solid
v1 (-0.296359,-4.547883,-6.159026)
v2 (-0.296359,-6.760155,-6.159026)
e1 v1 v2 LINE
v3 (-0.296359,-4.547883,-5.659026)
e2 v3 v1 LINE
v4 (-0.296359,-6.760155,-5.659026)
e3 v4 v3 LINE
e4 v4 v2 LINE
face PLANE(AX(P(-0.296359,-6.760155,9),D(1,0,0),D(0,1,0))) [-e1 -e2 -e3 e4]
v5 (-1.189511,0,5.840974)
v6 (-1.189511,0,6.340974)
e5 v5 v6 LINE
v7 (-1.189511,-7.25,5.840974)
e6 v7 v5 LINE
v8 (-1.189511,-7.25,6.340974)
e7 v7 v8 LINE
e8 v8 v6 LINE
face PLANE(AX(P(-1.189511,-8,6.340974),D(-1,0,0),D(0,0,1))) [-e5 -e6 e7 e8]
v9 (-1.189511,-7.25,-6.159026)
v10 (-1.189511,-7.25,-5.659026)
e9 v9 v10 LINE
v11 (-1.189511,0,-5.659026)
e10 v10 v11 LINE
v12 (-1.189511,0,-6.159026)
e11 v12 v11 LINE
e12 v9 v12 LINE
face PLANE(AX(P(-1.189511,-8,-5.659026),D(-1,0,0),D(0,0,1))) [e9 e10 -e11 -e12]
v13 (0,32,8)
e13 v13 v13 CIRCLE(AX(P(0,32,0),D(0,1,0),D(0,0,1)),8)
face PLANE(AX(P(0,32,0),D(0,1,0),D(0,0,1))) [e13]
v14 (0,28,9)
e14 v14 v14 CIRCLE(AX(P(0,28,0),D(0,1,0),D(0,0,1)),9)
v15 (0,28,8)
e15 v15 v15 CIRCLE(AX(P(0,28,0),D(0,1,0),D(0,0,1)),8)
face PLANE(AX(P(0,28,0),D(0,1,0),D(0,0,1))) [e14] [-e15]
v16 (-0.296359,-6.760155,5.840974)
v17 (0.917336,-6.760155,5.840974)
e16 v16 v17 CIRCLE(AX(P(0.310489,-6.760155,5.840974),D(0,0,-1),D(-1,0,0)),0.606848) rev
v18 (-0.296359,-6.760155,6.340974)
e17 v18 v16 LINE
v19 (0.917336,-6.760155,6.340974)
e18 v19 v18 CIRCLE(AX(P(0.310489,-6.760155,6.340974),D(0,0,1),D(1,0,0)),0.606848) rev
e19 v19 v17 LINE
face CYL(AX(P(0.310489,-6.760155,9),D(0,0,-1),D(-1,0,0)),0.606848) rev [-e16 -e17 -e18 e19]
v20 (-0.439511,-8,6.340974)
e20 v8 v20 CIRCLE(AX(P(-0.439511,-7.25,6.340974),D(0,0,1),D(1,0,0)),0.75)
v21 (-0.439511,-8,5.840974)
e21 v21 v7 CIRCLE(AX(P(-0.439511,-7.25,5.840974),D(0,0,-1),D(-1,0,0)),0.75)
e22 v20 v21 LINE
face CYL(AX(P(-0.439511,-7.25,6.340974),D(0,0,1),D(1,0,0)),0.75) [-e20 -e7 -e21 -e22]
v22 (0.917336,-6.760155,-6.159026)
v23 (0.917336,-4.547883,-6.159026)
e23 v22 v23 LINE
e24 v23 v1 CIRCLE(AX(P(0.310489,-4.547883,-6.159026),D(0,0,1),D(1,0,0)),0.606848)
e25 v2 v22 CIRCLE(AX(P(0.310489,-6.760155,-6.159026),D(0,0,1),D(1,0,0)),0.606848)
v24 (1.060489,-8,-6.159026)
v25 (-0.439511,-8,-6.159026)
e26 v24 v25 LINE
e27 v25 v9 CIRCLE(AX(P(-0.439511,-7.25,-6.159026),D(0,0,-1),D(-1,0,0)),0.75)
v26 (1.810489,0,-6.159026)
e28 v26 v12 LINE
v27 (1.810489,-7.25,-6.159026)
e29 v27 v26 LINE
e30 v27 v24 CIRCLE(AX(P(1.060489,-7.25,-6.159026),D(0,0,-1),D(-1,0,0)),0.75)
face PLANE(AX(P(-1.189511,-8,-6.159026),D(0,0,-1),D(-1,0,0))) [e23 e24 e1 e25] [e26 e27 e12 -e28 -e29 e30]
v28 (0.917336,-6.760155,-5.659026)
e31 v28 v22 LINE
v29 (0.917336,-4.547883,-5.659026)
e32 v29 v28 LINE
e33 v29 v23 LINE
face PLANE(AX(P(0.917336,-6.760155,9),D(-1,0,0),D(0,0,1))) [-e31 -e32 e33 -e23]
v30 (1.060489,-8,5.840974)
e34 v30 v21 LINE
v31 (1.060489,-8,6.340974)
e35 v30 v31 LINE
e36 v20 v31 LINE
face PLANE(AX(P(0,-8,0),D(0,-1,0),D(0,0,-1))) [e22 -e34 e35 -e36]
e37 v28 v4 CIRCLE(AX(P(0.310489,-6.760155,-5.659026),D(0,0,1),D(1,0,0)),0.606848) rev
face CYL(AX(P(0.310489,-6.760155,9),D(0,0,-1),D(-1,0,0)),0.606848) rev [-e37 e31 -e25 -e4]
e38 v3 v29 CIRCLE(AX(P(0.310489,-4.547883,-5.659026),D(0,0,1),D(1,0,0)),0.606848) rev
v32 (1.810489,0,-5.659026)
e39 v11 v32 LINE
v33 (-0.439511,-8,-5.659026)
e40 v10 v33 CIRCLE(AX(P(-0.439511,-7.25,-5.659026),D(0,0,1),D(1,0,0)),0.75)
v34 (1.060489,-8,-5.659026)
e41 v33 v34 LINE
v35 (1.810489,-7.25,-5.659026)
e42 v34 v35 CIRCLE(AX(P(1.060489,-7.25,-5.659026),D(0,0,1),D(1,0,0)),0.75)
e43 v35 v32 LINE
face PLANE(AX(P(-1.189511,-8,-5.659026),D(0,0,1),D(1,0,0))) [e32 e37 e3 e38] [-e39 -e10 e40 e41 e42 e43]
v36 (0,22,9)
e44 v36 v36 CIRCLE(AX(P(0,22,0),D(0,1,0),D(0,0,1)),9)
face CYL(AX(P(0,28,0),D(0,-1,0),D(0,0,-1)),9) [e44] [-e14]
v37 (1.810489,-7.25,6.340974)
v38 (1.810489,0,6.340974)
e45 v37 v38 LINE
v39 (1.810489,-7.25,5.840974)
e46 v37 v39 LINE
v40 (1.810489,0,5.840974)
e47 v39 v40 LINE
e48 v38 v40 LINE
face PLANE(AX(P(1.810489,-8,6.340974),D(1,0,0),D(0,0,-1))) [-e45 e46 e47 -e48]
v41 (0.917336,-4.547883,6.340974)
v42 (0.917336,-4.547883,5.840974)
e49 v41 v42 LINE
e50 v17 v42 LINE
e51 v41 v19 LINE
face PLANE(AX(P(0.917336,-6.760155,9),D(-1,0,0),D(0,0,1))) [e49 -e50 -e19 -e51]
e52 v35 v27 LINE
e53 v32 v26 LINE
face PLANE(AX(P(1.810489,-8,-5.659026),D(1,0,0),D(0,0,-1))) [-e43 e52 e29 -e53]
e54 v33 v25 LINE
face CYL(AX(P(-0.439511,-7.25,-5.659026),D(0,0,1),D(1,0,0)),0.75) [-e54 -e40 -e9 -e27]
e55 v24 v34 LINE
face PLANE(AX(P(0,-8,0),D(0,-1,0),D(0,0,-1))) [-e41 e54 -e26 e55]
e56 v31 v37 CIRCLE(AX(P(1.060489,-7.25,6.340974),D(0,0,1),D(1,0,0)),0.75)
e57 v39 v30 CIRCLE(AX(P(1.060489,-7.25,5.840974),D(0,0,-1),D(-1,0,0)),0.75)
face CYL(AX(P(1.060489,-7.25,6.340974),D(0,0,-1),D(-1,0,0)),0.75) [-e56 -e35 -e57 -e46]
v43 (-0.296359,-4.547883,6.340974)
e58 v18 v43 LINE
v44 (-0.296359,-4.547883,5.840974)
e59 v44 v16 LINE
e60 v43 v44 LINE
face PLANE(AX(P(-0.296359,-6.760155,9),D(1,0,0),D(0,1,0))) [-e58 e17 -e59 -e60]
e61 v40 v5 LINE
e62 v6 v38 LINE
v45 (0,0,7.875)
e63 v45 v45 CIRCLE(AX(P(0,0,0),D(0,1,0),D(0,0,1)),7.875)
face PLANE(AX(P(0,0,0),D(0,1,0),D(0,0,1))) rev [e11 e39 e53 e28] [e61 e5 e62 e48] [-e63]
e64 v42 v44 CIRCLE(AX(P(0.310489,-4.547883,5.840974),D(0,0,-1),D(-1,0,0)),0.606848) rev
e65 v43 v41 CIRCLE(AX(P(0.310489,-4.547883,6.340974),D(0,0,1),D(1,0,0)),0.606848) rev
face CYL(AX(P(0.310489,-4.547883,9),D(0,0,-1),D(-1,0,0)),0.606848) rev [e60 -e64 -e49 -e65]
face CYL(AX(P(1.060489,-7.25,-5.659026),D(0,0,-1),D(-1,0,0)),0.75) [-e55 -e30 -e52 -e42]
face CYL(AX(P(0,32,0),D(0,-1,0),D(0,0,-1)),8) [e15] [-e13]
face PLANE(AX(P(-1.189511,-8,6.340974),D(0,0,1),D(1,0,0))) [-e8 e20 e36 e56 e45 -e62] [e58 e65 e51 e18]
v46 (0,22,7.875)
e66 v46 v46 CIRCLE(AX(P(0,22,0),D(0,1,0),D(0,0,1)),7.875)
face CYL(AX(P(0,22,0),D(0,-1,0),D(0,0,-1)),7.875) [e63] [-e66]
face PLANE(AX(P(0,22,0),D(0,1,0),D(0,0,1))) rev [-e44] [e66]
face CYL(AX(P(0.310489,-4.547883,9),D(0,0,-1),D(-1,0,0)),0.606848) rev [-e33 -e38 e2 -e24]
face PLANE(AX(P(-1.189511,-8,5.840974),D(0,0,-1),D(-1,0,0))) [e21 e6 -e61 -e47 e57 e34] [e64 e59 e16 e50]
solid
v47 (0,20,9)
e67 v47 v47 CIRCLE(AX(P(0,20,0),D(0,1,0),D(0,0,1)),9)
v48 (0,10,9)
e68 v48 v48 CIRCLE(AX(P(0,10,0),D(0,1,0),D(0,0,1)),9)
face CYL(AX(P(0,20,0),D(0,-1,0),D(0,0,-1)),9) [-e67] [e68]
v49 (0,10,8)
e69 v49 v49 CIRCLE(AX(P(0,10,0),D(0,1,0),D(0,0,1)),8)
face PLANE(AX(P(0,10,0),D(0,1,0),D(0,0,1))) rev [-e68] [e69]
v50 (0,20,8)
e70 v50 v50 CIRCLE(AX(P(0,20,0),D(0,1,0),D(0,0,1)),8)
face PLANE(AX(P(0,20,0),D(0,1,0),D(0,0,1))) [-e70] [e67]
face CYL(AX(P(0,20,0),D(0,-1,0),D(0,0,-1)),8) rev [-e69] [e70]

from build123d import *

# Parameters (mm, degrees)
SKETCH2_R           = 7.875
BOSS_EXTRUDE1_DEPTH = 22
BOSS_EXTRUDE2_START = 22
SKETCH4_R           = 9
BOSS_EXTRUDE2_DEPTH = 6
BOSS_EXTRUDE3_START = 28
SKETCH5_R           = 8
BOSS_EXTRUDE3_DEPTH = 4
SKETCH6_W           = 3
SKETCH6_H           = 0.5
BOSS_EXTRUDE4_DEPTH = 8
FILLET2_R           = 0.75
CUT_EXTRUDE1_DEPTH  = 37.534860886
BOSS_EXTRUDE5_START = 10
SKETCH11_R          = 9
SKETCH11_R_2        = 8
BOSS_EXTRUDE5_DEPTH = 10


with BuildPart() as part:
    # Sketch2 → Boss-Extrude1 (new body)
    with BuildSketch(Plane(origin=(0, 0, 0), x_dir=(1, 0, 0), z_dir=(0, 1, 0))):
        with Locations(Location((0, 0, 0), (0, 0, 270))):
            Circle(SKETCH2_R)
    extrude(amount=BOSS_EXTRUDE1_DEPTH)

    # Sketch4 → Boss-Extrude2 (add)
    with BuildSketch(Plane(origin=(0, 0, 0), x_dir=(1, 0, 0), z_dir=(0, 1, 0)).offset(BOSS_EXTRUDE2_START)):
        with Locations(Location((0, 0, 0), (0, 0, 270))):
            Circle(SKETCH4_R)
    extrude(amount=BOSS_EXTRUDE2_DEPTH)

    # Sketch5 → Boss-Extrude3 (add)
    with BuildSketch(Plane(origin=(0, 0, 0), x_dir=(1, 0, 0), z_dir=(0, 1, 0)).offset(BOSS_EXTRUDE3_START)):
        with Locations(Location((0, 0, 0), (0, 0, 270))):
            Circle(SKETCH5_R)
    extrude(amount=BOSS_EXTRUDE3_DEPTH)

    # Sketch6 → Boss-Extrude4 (add)
    with BuildSketch(Plane(origin=(0, 0, 0), x_dir=(1, 0, 0), z_dir=(0, 1, 0))):
        with Locations((0.3104886, 5.909025693)):
            Rectangle(SKETCH6_W, SKETCH6_H)
        with Locations((0.3104886, -6.090974307)):
            Rectangle(SKETCH6_W, SKETCH6_H)
    extrude(amount=-BOSS_EXTRUDE4_DEPTH)

    # Fillet2
    fillet2_edges = [part.edges().sort_by_distance(p)[0] for p in [
        (1.8104886, -8, -5.909025693),
        (-1.1895114, -8, -5.909025693),
        (1.8104886, -8, 6.090974307),
        (-1.1895114, -8, 6.090974307),
    ]]
    fillet(fillet2_edges, radius=FILLET2_R)

    # Sketch7 → Cut-Extrude1 (cut, through all)
    with BuildSketch(Plane.XY.offset(-6.159025693)):
        with BuildLine():
            Line((-0.296359001, -6.760155081), (-0.296359001, -4.547883008))
            ThreePointArc((-0.296359001, -4.547883008), (0.3104886, -3.941035407), (0.917336202, -4.547883008))
            Line((0.917336202, -4.547883008), (0.917336202, -6.760155081))
            ThreePointArc((0.917336202, -6.760155081), (0.3104886, -7.367002682), (-0.296359001, -6.760155081))
        make_face()
    extrude(amount=CUT_EXTRUDE1_DEPTH, mode=Mode.SUBTRACT)


with BuildPart() as body_2:
    # Sketch11 → Boss-Extrude5 (new body)
    with BuildSketch(Plane(origin=(0, 0, 0), x_dir=(1, 0, 0), z_dir=(0, 1, 0)).offset(BOSS_EXTRUDE5_START)):
        with Locations(Location((0, 0, 0), (0, 0, 270))):
            Circle(SKETCH11_R)
        with Locations(Location((0, 0, 0), (0, 0, 270))):
            Circle(SKETCH11_R_2, mode=Mode.SUBTRACT)
    extrude(amount=BOSS_EXTRUDE5_DEPTH)


solid = Compound([part.part, body_2.part])
